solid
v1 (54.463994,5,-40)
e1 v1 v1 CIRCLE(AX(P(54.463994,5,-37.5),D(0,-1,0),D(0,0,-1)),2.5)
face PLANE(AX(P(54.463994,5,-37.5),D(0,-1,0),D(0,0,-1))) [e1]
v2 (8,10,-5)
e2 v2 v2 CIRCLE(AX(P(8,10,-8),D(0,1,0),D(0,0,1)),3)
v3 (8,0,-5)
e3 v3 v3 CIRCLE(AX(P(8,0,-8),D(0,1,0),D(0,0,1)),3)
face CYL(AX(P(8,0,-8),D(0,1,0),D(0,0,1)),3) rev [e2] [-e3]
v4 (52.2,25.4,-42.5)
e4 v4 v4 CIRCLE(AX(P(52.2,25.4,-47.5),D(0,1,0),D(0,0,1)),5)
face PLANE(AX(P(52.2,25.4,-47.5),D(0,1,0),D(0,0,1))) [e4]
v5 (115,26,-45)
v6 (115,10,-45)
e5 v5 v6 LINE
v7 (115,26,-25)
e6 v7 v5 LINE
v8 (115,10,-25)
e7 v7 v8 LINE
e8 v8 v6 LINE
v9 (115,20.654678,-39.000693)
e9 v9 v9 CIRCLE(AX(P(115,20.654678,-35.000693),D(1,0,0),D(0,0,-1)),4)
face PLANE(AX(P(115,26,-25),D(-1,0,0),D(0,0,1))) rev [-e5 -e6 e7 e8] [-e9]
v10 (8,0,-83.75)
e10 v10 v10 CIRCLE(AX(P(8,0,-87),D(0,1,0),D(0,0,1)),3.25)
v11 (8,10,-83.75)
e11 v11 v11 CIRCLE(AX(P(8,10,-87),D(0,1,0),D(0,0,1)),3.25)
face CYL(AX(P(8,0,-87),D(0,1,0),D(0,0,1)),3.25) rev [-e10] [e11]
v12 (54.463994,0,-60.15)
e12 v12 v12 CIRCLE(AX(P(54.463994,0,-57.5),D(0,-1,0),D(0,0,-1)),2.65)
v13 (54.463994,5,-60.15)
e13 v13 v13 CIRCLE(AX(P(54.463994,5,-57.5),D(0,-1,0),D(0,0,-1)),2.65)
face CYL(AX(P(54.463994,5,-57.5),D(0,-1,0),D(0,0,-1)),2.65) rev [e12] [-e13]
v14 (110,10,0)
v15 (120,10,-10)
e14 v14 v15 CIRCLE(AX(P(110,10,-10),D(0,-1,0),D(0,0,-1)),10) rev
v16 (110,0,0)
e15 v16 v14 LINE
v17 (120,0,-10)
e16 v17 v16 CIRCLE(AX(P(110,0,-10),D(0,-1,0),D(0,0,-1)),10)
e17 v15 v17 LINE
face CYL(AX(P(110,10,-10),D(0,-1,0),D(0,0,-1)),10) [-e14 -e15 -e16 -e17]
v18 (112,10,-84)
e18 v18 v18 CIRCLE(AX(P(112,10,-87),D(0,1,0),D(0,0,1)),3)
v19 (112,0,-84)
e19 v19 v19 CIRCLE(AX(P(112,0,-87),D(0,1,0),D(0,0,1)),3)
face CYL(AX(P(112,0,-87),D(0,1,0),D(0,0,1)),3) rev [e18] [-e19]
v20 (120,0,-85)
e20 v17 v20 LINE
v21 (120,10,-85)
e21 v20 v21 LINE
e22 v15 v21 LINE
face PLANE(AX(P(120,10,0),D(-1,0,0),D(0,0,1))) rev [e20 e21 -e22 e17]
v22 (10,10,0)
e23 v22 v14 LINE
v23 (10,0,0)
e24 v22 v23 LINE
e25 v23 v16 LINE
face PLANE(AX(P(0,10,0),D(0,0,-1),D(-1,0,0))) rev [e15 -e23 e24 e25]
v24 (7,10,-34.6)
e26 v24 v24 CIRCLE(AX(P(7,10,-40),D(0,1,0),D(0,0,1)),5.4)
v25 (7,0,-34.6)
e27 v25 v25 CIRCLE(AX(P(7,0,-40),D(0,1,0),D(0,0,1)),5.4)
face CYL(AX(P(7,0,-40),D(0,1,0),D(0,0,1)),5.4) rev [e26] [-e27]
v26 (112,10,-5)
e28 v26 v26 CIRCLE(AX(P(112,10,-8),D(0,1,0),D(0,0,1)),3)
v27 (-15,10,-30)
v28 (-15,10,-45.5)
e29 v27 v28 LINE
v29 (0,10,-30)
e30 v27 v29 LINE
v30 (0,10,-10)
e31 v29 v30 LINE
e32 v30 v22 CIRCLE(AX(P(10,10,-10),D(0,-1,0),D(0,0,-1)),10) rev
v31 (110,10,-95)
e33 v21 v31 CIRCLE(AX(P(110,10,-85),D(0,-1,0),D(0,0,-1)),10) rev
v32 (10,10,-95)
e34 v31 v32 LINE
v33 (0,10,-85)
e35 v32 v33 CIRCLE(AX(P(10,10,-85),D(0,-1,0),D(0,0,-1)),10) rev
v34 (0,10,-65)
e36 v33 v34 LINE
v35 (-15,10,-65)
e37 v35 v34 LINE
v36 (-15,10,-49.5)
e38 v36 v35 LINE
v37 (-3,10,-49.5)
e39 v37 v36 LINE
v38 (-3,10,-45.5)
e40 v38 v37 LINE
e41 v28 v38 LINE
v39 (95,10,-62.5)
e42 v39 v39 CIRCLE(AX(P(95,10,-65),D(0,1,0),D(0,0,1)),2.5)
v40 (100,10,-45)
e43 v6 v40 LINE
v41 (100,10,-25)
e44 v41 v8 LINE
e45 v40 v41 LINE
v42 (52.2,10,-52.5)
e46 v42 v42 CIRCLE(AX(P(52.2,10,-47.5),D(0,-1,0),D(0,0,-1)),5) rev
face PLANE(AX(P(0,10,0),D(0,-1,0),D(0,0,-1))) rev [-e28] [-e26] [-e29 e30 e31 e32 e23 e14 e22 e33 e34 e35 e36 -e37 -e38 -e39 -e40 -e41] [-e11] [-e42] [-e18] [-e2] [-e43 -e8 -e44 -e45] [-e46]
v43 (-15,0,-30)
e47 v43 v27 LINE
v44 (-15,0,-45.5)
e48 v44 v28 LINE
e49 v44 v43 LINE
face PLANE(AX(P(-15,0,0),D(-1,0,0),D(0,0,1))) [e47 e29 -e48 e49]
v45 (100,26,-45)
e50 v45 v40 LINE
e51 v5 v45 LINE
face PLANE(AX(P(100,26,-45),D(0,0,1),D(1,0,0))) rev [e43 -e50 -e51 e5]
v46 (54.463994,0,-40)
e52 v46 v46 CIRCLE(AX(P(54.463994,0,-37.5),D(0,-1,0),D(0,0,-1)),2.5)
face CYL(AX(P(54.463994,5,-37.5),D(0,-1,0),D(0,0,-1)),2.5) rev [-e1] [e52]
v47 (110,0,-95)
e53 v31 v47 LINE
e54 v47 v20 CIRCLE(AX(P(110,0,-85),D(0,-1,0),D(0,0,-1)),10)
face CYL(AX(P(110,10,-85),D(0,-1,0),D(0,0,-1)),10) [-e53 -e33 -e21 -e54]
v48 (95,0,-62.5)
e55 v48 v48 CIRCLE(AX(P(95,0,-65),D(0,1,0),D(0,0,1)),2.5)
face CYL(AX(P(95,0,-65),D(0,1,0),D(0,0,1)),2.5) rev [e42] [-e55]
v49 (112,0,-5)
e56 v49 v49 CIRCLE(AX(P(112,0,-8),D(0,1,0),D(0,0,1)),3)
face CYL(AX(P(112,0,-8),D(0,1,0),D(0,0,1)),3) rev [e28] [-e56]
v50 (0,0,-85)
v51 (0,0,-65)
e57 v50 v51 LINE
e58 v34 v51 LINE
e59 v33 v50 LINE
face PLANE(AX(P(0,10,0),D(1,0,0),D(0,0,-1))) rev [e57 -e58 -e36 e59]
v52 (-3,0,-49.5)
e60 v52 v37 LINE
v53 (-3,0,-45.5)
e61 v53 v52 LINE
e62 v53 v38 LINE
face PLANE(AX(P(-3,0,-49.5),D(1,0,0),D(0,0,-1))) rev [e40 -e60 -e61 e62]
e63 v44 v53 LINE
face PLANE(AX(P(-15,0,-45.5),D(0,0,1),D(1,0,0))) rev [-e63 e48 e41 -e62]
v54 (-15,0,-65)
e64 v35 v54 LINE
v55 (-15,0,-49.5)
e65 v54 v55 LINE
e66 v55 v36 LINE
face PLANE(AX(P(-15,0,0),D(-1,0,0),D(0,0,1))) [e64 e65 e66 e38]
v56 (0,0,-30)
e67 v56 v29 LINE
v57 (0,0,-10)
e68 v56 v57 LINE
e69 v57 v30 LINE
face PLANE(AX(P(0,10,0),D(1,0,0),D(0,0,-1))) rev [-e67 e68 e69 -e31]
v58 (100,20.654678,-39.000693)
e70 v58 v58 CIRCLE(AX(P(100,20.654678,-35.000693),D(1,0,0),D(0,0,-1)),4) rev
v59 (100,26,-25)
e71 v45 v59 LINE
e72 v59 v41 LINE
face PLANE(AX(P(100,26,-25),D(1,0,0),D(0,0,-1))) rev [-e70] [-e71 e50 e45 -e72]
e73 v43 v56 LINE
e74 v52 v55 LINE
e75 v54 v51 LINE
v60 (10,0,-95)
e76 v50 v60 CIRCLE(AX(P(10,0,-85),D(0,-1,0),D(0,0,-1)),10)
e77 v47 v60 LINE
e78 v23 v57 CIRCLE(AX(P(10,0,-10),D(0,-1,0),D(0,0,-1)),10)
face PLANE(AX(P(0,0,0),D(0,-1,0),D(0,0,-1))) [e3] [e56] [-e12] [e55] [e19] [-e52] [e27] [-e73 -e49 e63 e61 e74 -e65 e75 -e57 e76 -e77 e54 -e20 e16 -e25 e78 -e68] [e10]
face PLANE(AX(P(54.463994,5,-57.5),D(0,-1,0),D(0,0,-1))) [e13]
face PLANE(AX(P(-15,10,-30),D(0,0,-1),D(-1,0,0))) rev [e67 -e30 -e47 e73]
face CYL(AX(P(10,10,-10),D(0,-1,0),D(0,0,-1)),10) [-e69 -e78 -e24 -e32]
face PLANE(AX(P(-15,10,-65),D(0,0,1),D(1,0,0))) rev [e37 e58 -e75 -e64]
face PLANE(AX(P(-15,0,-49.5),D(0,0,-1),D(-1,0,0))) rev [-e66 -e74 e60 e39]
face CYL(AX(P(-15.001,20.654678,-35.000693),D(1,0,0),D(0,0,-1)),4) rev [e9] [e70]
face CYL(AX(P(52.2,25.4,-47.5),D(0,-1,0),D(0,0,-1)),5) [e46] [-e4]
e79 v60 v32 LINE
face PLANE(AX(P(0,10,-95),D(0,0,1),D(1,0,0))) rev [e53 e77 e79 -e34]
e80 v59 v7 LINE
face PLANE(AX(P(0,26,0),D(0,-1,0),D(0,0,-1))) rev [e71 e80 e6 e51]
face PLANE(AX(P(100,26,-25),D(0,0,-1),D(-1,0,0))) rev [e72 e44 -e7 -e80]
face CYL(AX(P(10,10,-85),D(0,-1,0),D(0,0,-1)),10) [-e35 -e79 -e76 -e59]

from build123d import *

# Parameters (mm, degrees)
SKETCH1_W           = 120
SKETCH1_H           = 95
BOSS_EXTRUDE1_DEPTH = 10
FILLET1_R           = 10
SKETCH3_R           = 5
BOSS_EXTRUDE3_DEPTH = 15.4
SKETCH4_W           = 15
SKETCH4_H           = 20
BOSS_EXTRUDE4_DEPTH = 16
SKETCH5_W           = 35
SKETCH5_H           = 10
BOSS_EXTRUDE5_DEPTH = 15
SKETCH6_W           = 12
SKETCH6_H           = 4
CUT_EXTRUDE1_DEPTH  = 11
SKETCH8_R           = 5.4
CUT_EXTRUDE3_DEPTH  = 11
SKETCH9_R           = 2.5
CUT_EXTRUDE4_DEPTH  = 11
CUT_EXTRUDE5_REACH  = 132
SKETCH10_R          = 4
SKETCH11_R          = 3.25
SKETCH11_R_2        = 3
CUT_EXTRUDE6_DEPTH  = 11
SKETCH12_R          = 2.5
SKETCH12_R_2        = 2.65
CUT_EXTRUDE7_DEPTH  = 5


with BuildPart() as part:
    # Sketch1 → Boss-Extrude1 (new body)
    with BuildSketch(Plane(origin=(0, 0, 0), x_dir=(1, 0, 0), z_dir=(0, 1, 0))):
        with Locations((60, 47.5)):
            Rectangle(SKETCH1_W, SKETCH1_H)
    extrude(amount=BOSS_EXTRUDE1_DEPTH)

    # Fillet1
    fillet1_edges = [part.edges().sort_by_distance(p)[0] for p in [
        (0, 5, -95),
        (120, 5, -95),
        (120, 5, 0),
        (0, 5, 0),
    ]]
    fillet(fillet1_edges, radius=FILLET1_R)

    # Sketch3 → Boss-Extrude3 (add)
    with BuildSketch(Plane(origin=(0, 10, 0), x_dir=(1, 0, 0), z_dir=(0, 1, 0))):
        with Locations((52.2, 47.5)):
            Circle(SKETCH3_R)
    extrude(amount=BOSS_EXTRUDE3_DEPTH)

    # Sketch4 → Boss-Extrude4 (add)
    with BuildSketch(Plane(origin=(0, 10, 0), x_dir=(1, 0, 0), z_dir=(0, 1, 0))):
        with Locations((107.5, 35)):
            Rectangle(SKETCH4_W, SKETCH4_H)
    extrude(amount=BOSS_EXTRUDE4_DEPTH)

    # Sketch5 → Boss-Extrude5 (add)
    with BuildSketch(Plane.ZY):
        with Locations((-47.5, 5)):
            Rectangle(SKETCH5_W, SKETCH5_H)
    extrude(amount=BOSS_EXTRUDE5_DEPTH)

    # Sketch6 → Cut-Extrude1 (cut, through all)
    with BuildSketch(Plane(origin=(0, 10, 0), x_dir=(1, 0, 0), z_dir=(0, 1, 0))):
        with Locations((-9, 47.5)):
            Rectangle(SKETCH6_W, SKETCH6_H)
    extrude(amount=-CUT_EXTRUDE1_DEPTH, mode=Mode.SUBTRACT)

    # Sketch8 → Cut-Extrude3 (cut, through all)
    with BuildSketch(Plane(origin=(0, 10, 0), x_dir=(1, 0, 0), z_dir=(0, 1, 0))):
        with Locations((7, 40)):
            Circle(SKETCH8_R)
    extrude(amount=-CUT_EXTRUDE3_DEPTH, mode=Mode.SUBTRACT)

    # Sketch9 → Cut-Extrude4 (cut, through all)
    with BuildSketch(Plane(origin=(0, 10, 0), x_dir=(1, 0, 0), z_dir=(0, 1, 0))):
        with Locations((95, 65)):
            Circle(SKETCH9_R)
    extrude(amount=-CUT_EXTRUDE4_DEPTH, mode=Mode.SUBTRACT)

    # Sketch10 → Cut-Extrude5 (cut, up to next)
    with BuildSketch(Plane(origin=(115, 0, 0), x_dir=(0, 0, -1), z_dir=(1, 0, 0)), mode=Mode.PRIVATE) as cut_extrude5_sk1:
        with Locations((35.000693392, 20.654678352)):
            Circle(SKETCH10_R)
    cut_extrude5_tool1 = extrude(cut_extrude5_sk1.sketch, amount=-CUT_EXTRUDE5_REACH, mode=Mode.PRIVATE) & part.part
    add(cut_extrude5_tool1.solids().sort_by_distance((115, 20.654678, -35.000693))[0], mode=Mode.SUBTRACT)

    # Sketch11 → Cut-Extrude6 (cut, through all)
    with BuildSketch(Plane(origin=(0, 10, 0), x_dir=(1, 0, 0), z_dir=(0, 1, 0))):
        with Locations((8, 87)):
            Circle(SKETCH11_R)
        with Locations((112, 87)):
            Circle(SKETCH11_R_2)
        with Locations((8, 8)):
            Circle(SKETCH11_R_2)
        with Locations((112, 8)):
            Circle(SKETCH11_R_2)
    extrude(amount=-CUT_EXTRUDE6_DEPTH, mode=Mode.SUBTRACT)

    # Sketch12 → Cut-Extrude7 (cut)
    with BuildSketch(Plane.XZ):
        with Locations((54.463993766, -37.5)):
            Circle(SKETCH12_R)
        with Locations((54.463993766, -57.5)):
            Circle(SKETCH12_R_2)
    extrude(amount=-CUT_EXTRUDE7_DEPTH, mode=Mode.SUBTRACT)


solid = part.part
